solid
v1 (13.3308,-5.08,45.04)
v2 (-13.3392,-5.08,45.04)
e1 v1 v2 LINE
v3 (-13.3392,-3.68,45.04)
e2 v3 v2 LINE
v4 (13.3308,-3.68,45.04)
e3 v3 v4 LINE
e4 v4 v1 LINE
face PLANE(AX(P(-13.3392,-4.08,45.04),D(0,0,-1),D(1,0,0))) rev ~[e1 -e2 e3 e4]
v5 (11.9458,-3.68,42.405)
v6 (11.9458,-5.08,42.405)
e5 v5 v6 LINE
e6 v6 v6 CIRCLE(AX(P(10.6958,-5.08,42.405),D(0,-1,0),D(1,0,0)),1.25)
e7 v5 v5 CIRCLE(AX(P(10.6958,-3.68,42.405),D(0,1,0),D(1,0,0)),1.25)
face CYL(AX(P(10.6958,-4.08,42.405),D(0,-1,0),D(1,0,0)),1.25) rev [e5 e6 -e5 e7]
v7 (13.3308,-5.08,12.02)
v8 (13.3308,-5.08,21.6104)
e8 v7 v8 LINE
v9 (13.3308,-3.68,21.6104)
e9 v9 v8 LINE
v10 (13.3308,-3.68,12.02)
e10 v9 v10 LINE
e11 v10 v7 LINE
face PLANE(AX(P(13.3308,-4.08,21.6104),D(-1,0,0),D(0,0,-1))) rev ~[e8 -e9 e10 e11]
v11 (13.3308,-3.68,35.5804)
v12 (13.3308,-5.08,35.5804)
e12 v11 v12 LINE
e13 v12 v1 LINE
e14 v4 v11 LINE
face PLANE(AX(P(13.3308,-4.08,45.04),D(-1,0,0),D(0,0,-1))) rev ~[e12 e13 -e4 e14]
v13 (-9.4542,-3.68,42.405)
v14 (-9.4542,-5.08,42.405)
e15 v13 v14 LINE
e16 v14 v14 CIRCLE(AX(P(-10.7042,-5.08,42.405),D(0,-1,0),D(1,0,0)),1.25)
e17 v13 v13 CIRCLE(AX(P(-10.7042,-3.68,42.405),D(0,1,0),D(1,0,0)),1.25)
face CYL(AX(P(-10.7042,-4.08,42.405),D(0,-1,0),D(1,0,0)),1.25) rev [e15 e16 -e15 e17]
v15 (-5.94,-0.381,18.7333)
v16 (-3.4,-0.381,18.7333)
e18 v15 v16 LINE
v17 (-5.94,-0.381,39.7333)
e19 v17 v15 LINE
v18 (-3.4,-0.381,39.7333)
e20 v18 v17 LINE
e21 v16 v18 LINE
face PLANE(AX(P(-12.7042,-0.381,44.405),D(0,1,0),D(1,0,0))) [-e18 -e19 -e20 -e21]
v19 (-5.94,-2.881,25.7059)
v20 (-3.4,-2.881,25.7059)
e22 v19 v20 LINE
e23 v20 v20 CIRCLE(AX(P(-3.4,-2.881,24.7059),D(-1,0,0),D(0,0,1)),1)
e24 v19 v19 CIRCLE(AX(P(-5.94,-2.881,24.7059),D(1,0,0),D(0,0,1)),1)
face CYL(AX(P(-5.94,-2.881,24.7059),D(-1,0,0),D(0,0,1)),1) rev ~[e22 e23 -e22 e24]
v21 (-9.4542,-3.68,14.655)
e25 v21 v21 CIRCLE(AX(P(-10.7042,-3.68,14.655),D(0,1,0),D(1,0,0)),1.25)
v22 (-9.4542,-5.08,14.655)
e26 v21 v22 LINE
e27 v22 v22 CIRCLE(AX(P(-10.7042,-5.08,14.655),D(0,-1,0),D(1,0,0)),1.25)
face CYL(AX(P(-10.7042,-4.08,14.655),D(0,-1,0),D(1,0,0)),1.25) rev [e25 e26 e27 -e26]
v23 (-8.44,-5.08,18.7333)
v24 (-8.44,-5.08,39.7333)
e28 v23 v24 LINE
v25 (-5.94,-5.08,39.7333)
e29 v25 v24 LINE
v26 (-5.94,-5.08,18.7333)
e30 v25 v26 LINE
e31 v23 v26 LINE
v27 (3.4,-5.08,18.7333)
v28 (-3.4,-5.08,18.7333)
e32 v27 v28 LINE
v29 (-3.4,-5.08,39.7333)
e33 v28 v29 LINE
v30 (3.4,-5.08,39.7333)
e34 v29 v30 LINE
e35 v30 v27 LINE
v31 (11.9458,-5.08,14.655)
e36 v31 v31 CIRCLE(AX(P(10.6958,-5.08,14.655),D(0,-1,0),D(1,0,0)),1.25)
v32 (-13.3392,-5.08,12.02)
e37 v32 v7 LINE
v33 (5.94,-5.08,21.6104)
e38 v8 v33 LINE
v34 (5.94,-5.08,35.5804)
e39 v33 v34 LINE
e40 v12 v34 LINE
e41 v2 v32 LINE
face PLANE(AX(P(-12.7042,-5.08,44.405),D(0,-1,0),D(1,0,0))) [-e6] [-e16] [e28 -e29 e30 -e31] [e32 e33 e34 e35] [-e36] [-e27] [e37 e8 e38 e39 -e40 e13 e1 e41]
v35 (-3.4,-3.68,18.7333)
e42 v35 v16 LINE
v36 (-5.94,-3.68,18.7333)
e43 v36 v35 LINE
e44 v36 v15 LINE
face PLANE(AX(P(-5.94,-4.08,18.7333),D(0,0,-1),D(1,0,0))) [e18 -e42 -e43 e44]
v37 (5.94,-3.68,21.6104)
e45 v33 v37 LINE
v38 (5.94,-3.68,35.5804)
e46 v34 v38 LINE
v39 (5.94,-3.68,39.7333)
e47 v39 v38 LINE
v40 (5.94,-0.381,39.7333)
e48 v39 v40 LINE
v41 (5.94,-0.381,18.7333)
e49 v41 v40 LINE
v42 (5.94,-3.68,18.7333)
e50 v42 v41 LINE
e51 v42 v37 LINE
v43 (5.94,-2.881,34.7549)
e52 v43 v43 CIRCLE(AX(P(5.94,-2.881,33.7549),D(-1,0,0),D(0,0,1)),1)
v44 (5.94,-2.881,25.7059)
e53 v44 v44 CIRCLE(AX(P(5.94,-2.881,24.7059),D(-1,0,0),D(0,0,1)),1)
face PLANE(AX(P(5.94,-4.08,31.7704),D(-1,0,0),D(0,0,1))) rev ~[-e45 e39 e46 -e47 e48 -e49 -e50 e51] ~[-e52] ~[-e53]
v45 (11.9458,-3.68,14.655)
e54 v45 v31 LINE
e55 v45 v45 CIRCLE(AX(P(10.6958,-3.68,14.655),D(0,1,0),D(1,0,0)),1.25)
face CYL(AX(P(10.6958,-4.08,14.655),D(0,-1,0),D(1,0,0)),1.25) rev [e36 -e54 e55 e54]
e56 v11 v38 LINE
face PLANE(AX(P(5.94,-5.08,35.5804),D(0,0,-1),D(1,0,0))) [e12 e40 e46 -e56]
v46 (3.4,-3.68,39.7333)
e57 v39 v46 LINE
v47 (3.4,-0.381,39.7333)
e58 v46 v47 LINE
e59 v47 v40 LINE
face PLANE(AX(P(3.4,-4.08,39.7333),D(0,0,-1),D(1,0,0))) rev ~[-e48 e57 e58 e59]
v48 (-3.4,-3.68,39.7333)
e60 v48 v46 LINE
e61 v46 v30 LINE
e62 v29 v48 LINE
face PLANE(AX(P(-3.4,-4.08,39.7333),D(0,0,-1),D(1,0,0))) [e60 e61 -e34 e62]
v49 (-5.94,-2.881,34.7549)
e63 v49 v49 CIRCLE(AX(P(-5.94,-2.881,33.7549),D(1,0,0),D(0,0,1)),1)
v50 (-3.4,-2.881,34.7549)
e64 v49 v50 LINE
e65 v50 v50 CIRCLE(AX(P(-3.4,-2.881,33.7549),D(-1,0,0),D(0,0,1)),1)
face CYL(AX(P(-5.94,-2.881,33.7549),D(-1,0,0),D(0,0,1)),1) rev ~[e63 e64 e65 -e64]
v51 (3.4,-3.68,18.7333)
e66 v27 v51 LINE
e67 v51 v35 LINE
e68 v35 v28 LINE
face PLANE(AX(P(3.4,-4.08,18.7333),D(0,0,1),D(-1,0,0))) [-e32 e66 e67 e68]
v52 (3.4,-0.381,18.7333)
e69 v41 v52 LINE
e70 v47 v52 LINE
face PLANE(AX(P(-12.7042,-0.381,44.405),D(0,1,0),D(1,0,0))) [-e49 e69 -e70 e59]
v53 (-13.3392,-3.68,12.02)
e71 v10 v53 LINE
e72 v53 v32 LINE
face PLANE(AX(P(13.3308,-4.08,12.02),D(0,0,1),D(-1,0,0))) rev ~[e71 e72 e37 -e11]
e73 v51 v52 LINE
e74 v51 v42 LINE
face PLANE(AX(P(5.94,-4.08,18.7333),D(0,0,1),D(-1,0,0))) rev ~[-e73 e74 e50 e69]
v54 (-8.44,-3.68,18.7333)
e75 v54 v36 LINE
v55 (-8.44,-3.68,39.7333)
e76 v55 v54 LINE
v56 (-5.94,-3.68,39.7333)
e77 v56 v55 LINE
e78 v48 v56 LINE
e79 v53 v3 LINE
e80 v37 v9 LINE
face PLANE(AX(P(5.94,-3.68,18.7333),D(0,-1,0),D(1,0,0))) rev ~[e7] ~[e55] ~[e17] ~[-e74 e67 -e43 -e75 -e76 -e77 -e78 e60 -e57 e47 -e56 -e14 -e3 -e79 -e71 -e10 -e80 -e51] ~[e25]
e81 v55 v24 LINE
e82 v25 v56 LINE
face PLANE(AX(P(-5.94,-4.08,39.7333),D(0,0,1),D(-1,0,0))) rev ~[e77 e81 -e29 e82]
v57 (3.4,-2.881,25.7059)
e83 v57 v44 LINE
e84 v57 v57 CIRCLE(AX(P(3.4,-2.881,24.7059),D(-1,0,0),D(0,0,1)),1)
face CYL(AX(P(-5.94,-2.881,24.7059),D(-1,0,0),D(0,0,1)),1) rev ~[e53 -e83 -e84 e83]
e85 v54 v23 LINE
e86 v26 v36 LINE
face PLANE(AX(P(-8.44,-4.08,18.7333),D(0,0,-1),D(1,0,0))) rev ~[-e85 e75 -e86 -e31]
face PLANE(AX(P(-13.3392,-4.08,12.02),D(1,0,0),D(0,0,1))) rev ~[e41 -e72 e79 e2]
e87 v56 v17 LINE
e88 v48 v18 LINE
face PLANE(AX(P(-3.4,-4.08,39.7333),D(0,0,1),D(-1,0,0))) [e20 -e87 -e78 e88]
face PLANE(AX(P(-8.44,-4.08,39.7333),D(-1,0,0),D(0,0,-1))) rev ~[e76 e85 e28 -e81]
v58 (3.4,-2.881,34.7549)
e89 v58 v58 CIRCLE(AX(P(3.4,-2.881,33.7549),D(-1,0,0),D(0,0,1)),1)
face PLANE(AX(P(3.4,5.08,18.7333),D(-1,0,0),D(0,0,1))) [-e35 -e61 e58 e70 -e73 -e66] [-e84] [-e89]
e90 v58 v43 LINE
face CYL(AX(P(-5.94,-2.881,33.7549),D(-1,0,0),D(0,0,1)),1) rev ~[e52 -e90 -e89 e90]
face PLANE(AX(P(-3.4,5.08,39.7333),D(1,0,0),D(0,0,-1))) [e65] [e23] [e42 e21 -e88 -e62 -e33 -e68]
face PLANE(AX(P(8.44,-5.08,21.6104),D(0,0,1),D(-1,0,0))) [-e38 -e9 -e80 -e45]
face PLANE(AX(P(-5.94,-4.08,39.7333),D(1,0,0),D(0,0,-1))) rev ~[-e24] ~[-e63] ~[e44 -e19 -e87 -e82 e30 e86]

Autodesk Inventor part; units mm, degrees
ref_plane "YZ Plane" through (0, 0, 0) normal (1, 0, 0) x (0, 1, 0)
ref_plane "XZ Plane" through (0, 0, 0) normal (0, 1, 0) x (-1, 0, 0)
ref_plane "XY Plane" through (0, 0, 0) normal (0, 0, 1) x (1, 0, 0)
sketch "Sketch1" plane through (0, 0, 0) normal (0, 0, 1) x (1, 0, 0)
  line L0 (-31.75, 5.08) -> (31.75, 5.08)
  line L1 (31.75, 5.08) -> (31.75, -5.08)
  line L2 (31.75, -5.08) -> (-31.75, -5.08)
  line L3 (-31.75, -5.08) -> (-31.75, 5.08)
  point P0 (0, 0)
  dimension "d0" = 63.5
  dimension "d3" = 31.75
  dimension "d4" = 10.16
  dimension "d17" = 5.08
extrude "Extrusion1" add sketch "Sketch1" along normal blind 76.2
sketch "Sketch9" plane through (-31.75, 5.08, 0) normal (0, 1, 0) x (1, 0, 0)
  line L0 (28.35, -18.7333) -> (35.15, -18.7333)
  line L1 (35.15, -18.7333) -> (35.15, -39.7333)
  line L2 (35.15, -39.7333) -> (28.35, -39.7333)
  line L3 (28.35, -39.7333) -> (28.35, -18.7333)
  line L4 (0, 0) -> (0, -76.2) projected
  line L5 (63.5, 0) -> (0, 0) projected
  point P0 (31.75, 0)
  point P1 (0, -38.1)
  dimension "d31" = 21
  dimension "d32" = 6.8
  dimension "d33" = 28.35
  dimension "d34" = 18.7333
extrude "Extrusion8" cut sketch "Sketch9" against normal blind 19.5
sketch "Sketch28" plane through (-31.75, -5.08, 0) normal (0, -1, 0) x (1, 0, 0)
  line L0 (51.7099, 9.6993) -> (7.0225, 9.6993)
  line L1 (51.7099, 55.2865) -> (51.7099, 9.6993)
  line L2 (44.4458, 44.405) -> (19.0458, 44.405)
  line L3 (19.0458, 44.405) -> (19.0458, 12.655)
  line L4 (19.0458, 12.655) -> (44.4458, 12.655)
  line L5 (44.4458, 12.655) -> (44.4458, 44.405)
  line L6 (23.85, 39.7333) -> (30.65, 39.7333)
  line L7 (41.4458, 41.405) -> (22.0458, 41.405)
  line L8 (22.0458, 41.405) -> (22.0458, 15.655)
  line L9 (22.0458, 15.655) -> (41.4458, 15.655)
  line L10 (41.4458, 15.655) -> (41.4458, 41.405)
  circle A0 centre (42.4458, 42.405) radius 1.25
  circle A1 centre (42.4458, 14.655) radius 1.25
  circle A2 centre (21.0458, 14.655) radius 1.25
  circle A3 centre (21.0458, 42.405) radius 1.25
  line L11 (35.15, 39.7333) -> (35.15, 18.7333)
  line L12 (35.15, 18.7333) -> (28.35, 18.7333)
  line L13 (28.35, 18.7333) -> (28.35, 39.7333)
  line L14 (28.35, 39.7333) -> (35.15, 39.7333)
  line L15 (35.15, 39.7333) -> (35.15, 18.7333) projected
  line L16 (63.5, 0) -> (63.5, 76.2) projected
  line L17 (0, 76.2) -> (63.5, 76.2) projected
  line L18 (63.5, 0) -> (0, 0)
  line L19 (0, 0) -> (0, 76.2)
  line L20 (0, 76.2) -> (63.5, 76.2)
  line L21 (63.5, 76.2) -> (63.5, 0)
  point P0 (31.75, 0)
  point P1 (31.7458, 15.655)
  dimension "d175" = 31.75
  dimension "d176" = 25.4
  dimension "d177" = 3
  dimension "d178" = 3
  dimension "d179" = 3
  dimension "d180" = 3
  dimension "d181" = 2.5
  dimension "d182" = 2
  dimension "d183" = 2
  dimension "d184" = 2.5
  dimension "d185" = 2.5
  dimension "d186" = 2.5
  dimension "d188" = 2
  dimension "d190" = 2
  dimension "d191" = 2
  dimension "d192" = 2
  dimension "d193" = 0
  dimension "d194" = 6.8
  dimension "d195" = 21
  dimension "d196" = 6.2958
  dimension "d197" = 3.0783
  dimension "d268" = 2
  dimension "d269" = 2
extrude "Extrusion18" cut sketch "Sketch28" against normal blind 25.4 contours L18 L19 L17 L16
extrude "Extrusion19" cut sketch "Sketch28" against normal blind 25.4 contours A0 | A1 | A2 | A3
sketch "Sketch29" plane through (-12.7042, -5.08, 12.655) normal (-1, 0, 0) x (0, 0, 1)
  line L0 (0, 10.16) -> (31.75, 10.16) projected
  line L1 (0, 0) -> (0, 10.16) projected
  line L2 (31.75, 0) -> (0, 0) projected
  line L3 (31.75, 0) -> (31.75, 10.16) projected
  line L4 (31.75, 0) -> (31.75, 10.16) projected
  line L5 (31.75, 0) -> (0, 0)
  line L6 (0, 0) -> (0, 1)
  line L7 (0, 1) -> (31.75, 1)
  line L8 (31.75, 1) -> (31.75, 0)
  line L9 (31.75, 1) -> (0, 1)
  line L10 (0, 1) -> (0, 10.16)
  line L11 (0, 10.16) -> (31.75, 10.16)
  line L12 (31.75, 10.16) -> (31.75, 1)
  point P0 (-12.655, 5.08)
  point P1 (31.75, 1)
  dimension "d202" = 1
extrude "Extrusion20" cut sketch "Sketch29" against normal blind 25.4 contours L0 L3 L7 L1
sketch "Sketch30" plane through (-12.7042, -4.08, 44.405) normal (0, 1, 0) x (1, 0, 0)
  line L0 (9.3042, 25.6717) -> (9.3042, 4.6717) projected
  circle A0 centre (2, 29.75) radius 1.25 projected
  circle A1 centre (23.4, 29.75) radius 1.25 projected
  circle A2 centre (2, 2) radius 1.25 projected
  circle A3 centre (23.4, 2) radius 1.25 projected
  line L1 (9.3042, 25.6717) -> (9.3042, 4.6717) projected
  line L2 (16.1042, 25.6717) -> (9.3042, 25.6717) projected
  line L3 (16.1042, 4.6717) -> (16.1042, 25.6717) projected
  line L4 (9.3042, 4.6717) -> (16.1042, 4.6717) projected
  line L5 (0, 0) -> (0, 31.75) projected
  line L6 (25.4, 0) -> (0, 0) projected
  line L7 (25.4, 31.75) -> (25.4, 0) projected
  line L8 (0, 31.75) -> (25.4, 31.75) projected
  line L9 (9.3042, 4.6717) -> (16.1042, 4.6717) projected
  line L10 (9.3042, 4.6717) -> (6.7642, 4.6717)
  line L11 (6.7642, 4.6717) -> (6.7642, 25.6717)
  line L12 (6.7642, 25.6717) -> (9.3042, 25.6717)
  line L13 (9.3042, 25.6717) -> (9.3042, 4.6717)
  line L14 (16.1042, 4.6717) -> (18.6442, 4.6717)
  line L15 (18.6442, 4.6717) -> (18.6442, 25.6717)
  line L16 (18.6442, 25.6717) -> (16.1042, 25.6717)
  line L17 (16.1042, 25.6717) -> (16.1042, 4.6717)
  point P0 (12.7042, 44.405)
  point P1 (9.3042, 25.6717)
  dimension "d205" = 2.54
  dimension "d206" = 2.54
extrude "Extrusion21" add sketch "Sketch30" along normal blind 3.699 contours L0 L10 L11 L12 | L16 L15 L14 L3
sketch "Sketch31" plane through (-5.94, -4.08, 18.7333) normal (-1, 0, 0) x (0, 0, 1)
  circle A0 centre (15.0216, 1.199) radius 1
  circle A1 centre (5.9726, 1.199) radius 1
  line L0 (0, 3.699) -> (21, 3.699) projected
  line L1 (21, 0) -> (21, 3.699) projected
  line L2 (0, 0) -> (0, 3.699) projected
  line L3 (16.0216, 0.199) -> (4.9726, 0.199)
  line L4 (4.9726, 0.199) -> (4.9726, 2.199)
  line L5 (4.9726, 2.199) -> (16.0216, 2.199)
  line L6 (16.0216, 2.199) -> (16.0216, 0.199)
  point P0 (-18.7333, 4.08)
  point P1 (21, 1.8495)
  dimension "d209" = 2
  dimension "d210" = 2
  dimension "d213" = 2.5
  dimension "d214" = 2.5
  dimension "d227" = 11.049
  dimension "d228" = 21
  dimension "d229" = 4.9784
extrude "Extrusion22" cut sketch "Sketch31" against normal blind 25.4 contours A0 | A1
sketch "Sketch32" plane through (-12.7042, -4.08, 44.405) normal (0, 1, 0) x (1, 0, 0)
  line L0 (18.6442, 4.6717) -> (16.1042, 4.6717) projected
  line L1 (9.3042, 4.6717) -> (16.1042, 4.6717) projected
  line L2 (9.3042, 4.6717) -> (6.7642, 4.6717) projected
  line L3 (6.7642, 4.6717) -> (6.7642, 25.6717) projected
  line L4 (6.7642, 25.6717) -> (9.3042, 25.6717) projected
  line L5 (16.1042, 25.6717) -> (9.3042, 25.6717) projected
  line L6 (16.1042, 25.6717) -> (18.6442, 25.6717) projected
  line L7 (18.6442, 25.6717) -> (18.6442, 4.6717) projected
  circle A0 centre (2, 29.75) radius 1.25 projected
  circle A1 centre (23.4, 29.75) radius 1.25 projected
  circle A2 centre (2, 2) radius 1.25 projected
  circle A3 centre (23.4, 2) radius 1.25 projected
  line L8 (0, 0) -> (0, 31.75) projected
  line L9 (25.4, 0) -> (0, 0) projected
  line L10 (25.4, 31.75) -> (25.4, 0) projected
  line L11 (0, 31.75) -> (25.4, 31.75) projected
  line L12 (6.7642, 25.6717) -> (4.2642, 25.6717)
  line L13 (4.2642, 25.6717) -> (4.2642, 4.6717)
  line L14 (4.2642, 4.6717) -> (6.7642, 4.6717)
  line L15 (6.7642, 4.6717) -> (6.7642, 25.6717)
  line L16 (18.6442, 25.6717) -> (21.1442, 25.6717)
  line L17 (21.1442, 25.6717) -> (21.1442, 4.6717)
  line L18 (21.1442, 4.6717) -> (18.6442, 4.6717)
  line L19 (18.6442, 4.6717) -> (18.6442, 25.6717)
  line L20 (6.7642, 12.6346) -> (4.2642, 12.6346)
  line L21 (4.2642, 12.6346) -> (4.2642, 18.9846)
  line L22 (4.2642, 18.9846) -> (6.7642, 18.9846)
  line L23 (6.7642, 18.9846) -> (6.7642, 12.6346)
  line L24 (18.6442, 12.6346) -> (21.1442, 12.6346)
  line L25 (21.1442, 12.6346) -> (21.1442, 18.9846)
  line L26 (21.1442, 18.9846) -> (18.6442, 18.9846)
  line L27 (18.6442, 18.9846) -> (18.6442, 12.6346)
  point P0 (12.7042, 44.405)
  point P1 (6.7642, 4.6717)
  point P2 (19.8942, 12.6346)
  point P3 (6.7642, 12.6346)
  point P4 (4.2642, 12.6346)
  point P5 (6.7642, 18.9846)
  point P6 (18.6442, 18.9846)
  point P7 (5.5142, 18.9846)
  dimension "d217" = 2.5
  dimension "d218" = 2.5
  dimension "d221" = 6.35
  dimension "d222" = 21
  dimension "d223" = 7.9629
extrude "Extrusion23" cut sketch "Sketch32" against normal blind 25.4 contours L7 L24 L17 L18 | L7 L16 L17 L26 | L14 L13 L20 L3 | L22 L13 L12 L3
sketch "Sketch33" plane through (-12.7042, -5.08, 12.655) normal (0, -1, 0) x (1, 0, 0)
  line L0 (16.1042, 11.0509) -> (18.6442, 11.0509) projected
  line L1 (16.1042, 13.0509) -> (18.6442, 13.0509) projected
  line L2 (16.1042, 20.0999) -> (16.1042, 22.0999) projected
  line L3 (16.1042, 20.0999) -> (18.6442, 20.0999) projected
  line L4 (16.1042, 22.0999) -> (18.6442, 22.0999) projected
  line L5 (21.1442, 6.0783) -> (21.1442, 12.7654) projected
  line L6 (25.4, 0) -> (25.4, 31.75) projected
  line L7 (18.6442, 8.9554) -> (25.4, 8.9554)
  line L8 (25.4, 8.9554) -> (25.4, 14.0354)
  line L9 (25.4, 14.0354) -> (18.6442, 14.0354)
  line L10 (18.6442, 14.0354) -> (18.6442, 8.9554)
  line L11 (21.1442, 27.0783) -> (21.1442, 19.1154) projected
  line L12 (18.6442, 17.8454) -> (25.4, 17.8454)
  line L13 (25.4, 17.8454) -> (25.4, 22.9254)
  line L14 (25.4, 22.9254) -> (18.6442, 22.9254)
  line L15 (18.6442, 22.9254) -> (18.6442, 17.8454)
  line L16 (18.6442, 12.7654) -> (21.1442, 12.7654) projected
  line L17 (21.1442, 19.1154) -> (18.6442, 19.1154) projected
  line L18 (18.6442, 19.1154) -> (18.6442, 27.0783) projected
  line L19 (18.6442, 6.0783) -> (18.6442, 12.7654) projected
  point P0 (12.7042, -12.655)
  point P1 (21.1442, 22.9254)
  point P2 (20.8442, 13.4004)
  point P3 (25.4, 8.9554)
  point P4 (19.8942, 12.7654)
  point P5 (20.8442, 13.4004)
  point P6 (18.6442, 12.7654)
  point P7 (21.1442, 8.9554)
  point P8 (18.6442, 8.9554)
  dimension "d235" = 5.08
  dimension "d236" = 3.81
  dimension "d237" = 1.27
  dimension "d239" = 1.27
  dimension "d240" = 0
  dimension "d241" = 0
extrude "Extrusion24" cut sketch "Sketch33" against normal blind 25.4 contours L6 L7 L5 L16 L10 L9 | L15 L14 L11 L17 | L17 L11 L14 L6 L12 L15 | L7 L10 L16 L5
sketch "Sketch36" plane through (-12.7042, -5.08, 44.405) normal (0, -1, 0) x (1, 0, 0)
  line L0 (18.6442, -17.7146) -> (25.4, -17.7146) projected
  line L1 (25.4, -13.9046) -> (18.6442, -13.9046) projected
  line L2 (18.6442, -17.7146) -> (25.4, -17.7146)
  line L3 (25.4, -17.7146) -> (25.4, -13.9046)
  line L4 (25.4, -13.9046) -> (18.6442, -13.9046)
  line L5 (18.6442, -13.9046) -> (18.6442, -17.7146)
  point P0 (12.7042, -44.405)
extrude "Extrusion26" cut sketch "Sketch36" against normal blind 1
sketch "Sketch37" plane through (-12.7042, -5.08, 44.405) normal (0, -1, 0) x (1, 0, 0)
  line L0 (25.4, -8.8246) -> (25.4, 0) projected
  line L1 (0, -31.75) -> (25.4, -31.75) projected
  line L2 (25.4, 0) -> (0, 0)
  line L3 (0, 0) -> (0, -31.75)
  line L4 (0, -31.75) -> (25.4, -31.75)
  line L5 (25.4, -31.75) -> (25.4, 0)
  line L6 (26.035, 0.635) -> (-0.635, 0.635)
  line L7 (-0.635, 0.635) -> (-0.635, -32.385)
  line L8 (-0.635, -32.385) -> (26.035, -32.385)
  line L9 (26.035, -32.385) -> (26.035, 0.635)
  line L10 (26.035, -8.8246) -> (25.4, -8.8246)
  line L11 (18.6442, -22.1596) -> (25.4, -22.1596) projected
  line L12 (25.4, -22.7946) -> (26.035, -22.7946)
  point P0 (12.7042, -44.405)
  dimension "d247" = 0.635
extrude "Extrusion27" add sketch "Sketch37" against normal blind 1 contours L0 L2 L3 L1 L5 L12 L9 L8 L7 L6 L10
sketch "Sketch39" plane through (-3.4, -4.08, 39.7333) normal (0, 1, 0) x (1, 0, 0)
  line L0 (9.34, 0) -> (6.8, 0) projected
  line L1 (0, 0) -> (6.8, 0) projected
  line L2 (0, 0) -> (-2.54, 0) projected
  line L3 (-2.54, 0) -> (-5.04, 0) projected
  line L4 (-5.04, 0) -> (-5.04, 7.9629) projected
  line L5 (-5.04, 7.9629) -> (-2.54, 7.9629) projected
  line L6 (-2.54, 7.9629) -> (-2.54, 14.3129) projected
  line L7 (-2.54, 14.3129) -> (-5.04, 14.3129) projected
  line L8 (-5.04, 14.3129) -> (-5.04, 21) projected
  line L9 (-5.04, 21) -> (-2.54, 21) projected
  line L10 (-2.54, 21) -> (0, 21) projected
  line L11 (6.8, 21) -> (0, 21) projected
  line L12 (6.8, 21) -> (9.34, 21) projected
  line L13 (16.7308, 18.1229) -> (16.7308, 27.7133) projected
  line L14 (16.7308, 27.7133) -> (-9.9392, 27.7133) projected
  line L15 (-9.9392, 27.7133) -> (-9.9392, -5.3067) projected
  line L16 (-9.9392, -5.3067) -> (16.7308, -5.3067) projected
  line L17 (16.7308, -5.3067) -> (16.7308, 4.1529) projected
  circle A0 centre (-7.3042, 25.0783) radius 1.25 projected
  circle A1 centre (14.0958, 25.0783) radius 1.25 projected
  circle A2 centre (-7.3042, -2.6717) radius 1.25 projected
  circle A3 centre (14.0958, -2.6717) radius 1.25 projected
  line L18 (16.7308, 4.1529) -> (11.84, 4.1529) projected
  line L19 (11.84, 4.1529) -> (11.84, 0) projected
  line L20 (9.34, 21) -> (11.84, 21) projected
  line L21 (11.84, 21) -> (11.84, 18.1229) projected
  line L22 (11.84, 18.1229) -> (16.7308, 18.1229) projected
  line L23 (9.34, 0) -> (9.34, 21) projected
  line L24 (11.84, 3.5179) -> (9.34, 3.5179)
  line L25 (9.34, 3.5179) -> (9.34, 0)
  line L26 (9.34, 0) -> (11.84, 0)
  line L27 (11.84, 0) -> (11.84, 3.5179)
  line L28 (11.84, 0) -> (9.34, 0) projected
  point P0 (3.4, 39.7333)
  point P1 (9.34, 3.5179)
extrude "Extrusion28" add sketch "Sketch39" along normal blind 0.4 contours L26 L19 L18 L17 L16 L15 L14 L13 L22 L21 L20 L12 L11 L10 L9 L8 L7 L6 L5 L4 L3 L2 L1 L0
sketch "Sketch40" plane through (5.94, -5.08, 18.7333) normal (0, -1, 0) x (1, 0, 0)
  line L0 (-14.38, 6.6871) -> (-11.88, 6.6871) projected
  line L1 (-11.88, 6.6871) -> (-11.88, 0) projected
  line L2 (-11.88, 0) -> (-14.38, 0) projected
  line L3 (-14.38, 0) -> (-14.38, 6.6871) projected
  line L4 (0, 0) -> (0, 21) projected
  line L5 (2.5, 21) -> (2.5, 16.8471) projected
  line L6 (2.5, 16.8471) -> (7.3908, 16.8471) projected
  line L7 (7.3908, 16.8471) -> (7.3908, 26.3067) projected
  line L8 (7.3908, 26.3067) -> (-19.2792, 26.3067) projected
  line L9 (-19.2792, 26.3067) -> (-19.2792, -6.7133) projected
  line L10 (-19.2792, -6.7133) -> (7.3908, -6.7133) projected
  line L11 (7.3908, -6.7133) -> (7.3908, 2.8771) projected
  line L12 (7.3908, 2.8771) -> (2.5, 2.8771) projected
  line L13 (2.5, 2.8771) -> (2.5, 0) projected
  line L14 (2.5, 0) -> (0, 0) projected
  line L15 (-11.88, 13.0371) -> (-14.38, 13.0371) projected
  line L16 (-14.38, 13.0371) -> (-14.38, 21) projected
  line L17 (-14.38, 21) -> (-11.88, 21) projected
  line L18 (-11.88, 21) -> (-11.88, 13.0371) projected
  circle A0 centre (-16.6442, -4.0783) radius 1.25 projected
  circle A1 centre (4.7558, -4.0783) radius 1.25 projected
  circle A2 centre (-16.6442, 23.6717) radius 1.25 projected
  circle A3 centre (4.7558, 23.6717) radius 1.25 projected
  line L19 (-2.54, 21) -> (-2.54, 0) projected
  line L20 (-2.54, 0) -> (-9.34, 0) projected
  line L21 (-9.34, 0) -> (-9.34, 21) projected
  line L22 (-9.34, 21) -> (-2.54, 21) projected
  line L23 (0, 21) -> (0, 0) projected
  line L24 (2.5, 17.4821) -> (0, 17.4821)
  line L25 (0, 17.4821) -> (0, 16.8471)
  line L26 (0, 16.8471) -> (2.5, 16.8471)
  line L27 (2.5, 16.8471) -> (2.5, 17.4821)
  line L28 (2.5, 2.8771) -> (0, 2.8771)
  line L29 (0, 2.8771) -> (0, 0)
  line L30 (0, 0) -> (2.5, 0)
  line L31 (2.5, 0) -> (2.5, 2.8771)
  line L32 (0, 21) -> (2.5, 21) projected
  point P0 (-5.94, -18.7333)
  point P1 (0, 17.4821)
extrude "Extrusion30" add sketch "Sketch40" against normal blind 1.4 contours L4 L28 L13 L14 | L4 L24 L5 L26 | L4 L32 L5 L24
sketch "Sketch41" plane through (5.94, -5.08, 21.6104) normal (0, -1, 0) x (1, 0, 0)
  line L0 (-11.88, 10.16) -> (-14.38, 10.16)
  line L1 (-14.38, 10.16) -> (-14.38, 3.81)
  line L2 (-14.38, 3.81) -> (-11.88, 3.81)
  line L3 (-11.88, 3.81) -> (-11.88, 10.16)
  point P0 (-5.94, -21.6104)
extrude "Extrusion31" cut sketch "Sketch41" against normal blind 25.4
properties part number "Scanner_Test_Top"
